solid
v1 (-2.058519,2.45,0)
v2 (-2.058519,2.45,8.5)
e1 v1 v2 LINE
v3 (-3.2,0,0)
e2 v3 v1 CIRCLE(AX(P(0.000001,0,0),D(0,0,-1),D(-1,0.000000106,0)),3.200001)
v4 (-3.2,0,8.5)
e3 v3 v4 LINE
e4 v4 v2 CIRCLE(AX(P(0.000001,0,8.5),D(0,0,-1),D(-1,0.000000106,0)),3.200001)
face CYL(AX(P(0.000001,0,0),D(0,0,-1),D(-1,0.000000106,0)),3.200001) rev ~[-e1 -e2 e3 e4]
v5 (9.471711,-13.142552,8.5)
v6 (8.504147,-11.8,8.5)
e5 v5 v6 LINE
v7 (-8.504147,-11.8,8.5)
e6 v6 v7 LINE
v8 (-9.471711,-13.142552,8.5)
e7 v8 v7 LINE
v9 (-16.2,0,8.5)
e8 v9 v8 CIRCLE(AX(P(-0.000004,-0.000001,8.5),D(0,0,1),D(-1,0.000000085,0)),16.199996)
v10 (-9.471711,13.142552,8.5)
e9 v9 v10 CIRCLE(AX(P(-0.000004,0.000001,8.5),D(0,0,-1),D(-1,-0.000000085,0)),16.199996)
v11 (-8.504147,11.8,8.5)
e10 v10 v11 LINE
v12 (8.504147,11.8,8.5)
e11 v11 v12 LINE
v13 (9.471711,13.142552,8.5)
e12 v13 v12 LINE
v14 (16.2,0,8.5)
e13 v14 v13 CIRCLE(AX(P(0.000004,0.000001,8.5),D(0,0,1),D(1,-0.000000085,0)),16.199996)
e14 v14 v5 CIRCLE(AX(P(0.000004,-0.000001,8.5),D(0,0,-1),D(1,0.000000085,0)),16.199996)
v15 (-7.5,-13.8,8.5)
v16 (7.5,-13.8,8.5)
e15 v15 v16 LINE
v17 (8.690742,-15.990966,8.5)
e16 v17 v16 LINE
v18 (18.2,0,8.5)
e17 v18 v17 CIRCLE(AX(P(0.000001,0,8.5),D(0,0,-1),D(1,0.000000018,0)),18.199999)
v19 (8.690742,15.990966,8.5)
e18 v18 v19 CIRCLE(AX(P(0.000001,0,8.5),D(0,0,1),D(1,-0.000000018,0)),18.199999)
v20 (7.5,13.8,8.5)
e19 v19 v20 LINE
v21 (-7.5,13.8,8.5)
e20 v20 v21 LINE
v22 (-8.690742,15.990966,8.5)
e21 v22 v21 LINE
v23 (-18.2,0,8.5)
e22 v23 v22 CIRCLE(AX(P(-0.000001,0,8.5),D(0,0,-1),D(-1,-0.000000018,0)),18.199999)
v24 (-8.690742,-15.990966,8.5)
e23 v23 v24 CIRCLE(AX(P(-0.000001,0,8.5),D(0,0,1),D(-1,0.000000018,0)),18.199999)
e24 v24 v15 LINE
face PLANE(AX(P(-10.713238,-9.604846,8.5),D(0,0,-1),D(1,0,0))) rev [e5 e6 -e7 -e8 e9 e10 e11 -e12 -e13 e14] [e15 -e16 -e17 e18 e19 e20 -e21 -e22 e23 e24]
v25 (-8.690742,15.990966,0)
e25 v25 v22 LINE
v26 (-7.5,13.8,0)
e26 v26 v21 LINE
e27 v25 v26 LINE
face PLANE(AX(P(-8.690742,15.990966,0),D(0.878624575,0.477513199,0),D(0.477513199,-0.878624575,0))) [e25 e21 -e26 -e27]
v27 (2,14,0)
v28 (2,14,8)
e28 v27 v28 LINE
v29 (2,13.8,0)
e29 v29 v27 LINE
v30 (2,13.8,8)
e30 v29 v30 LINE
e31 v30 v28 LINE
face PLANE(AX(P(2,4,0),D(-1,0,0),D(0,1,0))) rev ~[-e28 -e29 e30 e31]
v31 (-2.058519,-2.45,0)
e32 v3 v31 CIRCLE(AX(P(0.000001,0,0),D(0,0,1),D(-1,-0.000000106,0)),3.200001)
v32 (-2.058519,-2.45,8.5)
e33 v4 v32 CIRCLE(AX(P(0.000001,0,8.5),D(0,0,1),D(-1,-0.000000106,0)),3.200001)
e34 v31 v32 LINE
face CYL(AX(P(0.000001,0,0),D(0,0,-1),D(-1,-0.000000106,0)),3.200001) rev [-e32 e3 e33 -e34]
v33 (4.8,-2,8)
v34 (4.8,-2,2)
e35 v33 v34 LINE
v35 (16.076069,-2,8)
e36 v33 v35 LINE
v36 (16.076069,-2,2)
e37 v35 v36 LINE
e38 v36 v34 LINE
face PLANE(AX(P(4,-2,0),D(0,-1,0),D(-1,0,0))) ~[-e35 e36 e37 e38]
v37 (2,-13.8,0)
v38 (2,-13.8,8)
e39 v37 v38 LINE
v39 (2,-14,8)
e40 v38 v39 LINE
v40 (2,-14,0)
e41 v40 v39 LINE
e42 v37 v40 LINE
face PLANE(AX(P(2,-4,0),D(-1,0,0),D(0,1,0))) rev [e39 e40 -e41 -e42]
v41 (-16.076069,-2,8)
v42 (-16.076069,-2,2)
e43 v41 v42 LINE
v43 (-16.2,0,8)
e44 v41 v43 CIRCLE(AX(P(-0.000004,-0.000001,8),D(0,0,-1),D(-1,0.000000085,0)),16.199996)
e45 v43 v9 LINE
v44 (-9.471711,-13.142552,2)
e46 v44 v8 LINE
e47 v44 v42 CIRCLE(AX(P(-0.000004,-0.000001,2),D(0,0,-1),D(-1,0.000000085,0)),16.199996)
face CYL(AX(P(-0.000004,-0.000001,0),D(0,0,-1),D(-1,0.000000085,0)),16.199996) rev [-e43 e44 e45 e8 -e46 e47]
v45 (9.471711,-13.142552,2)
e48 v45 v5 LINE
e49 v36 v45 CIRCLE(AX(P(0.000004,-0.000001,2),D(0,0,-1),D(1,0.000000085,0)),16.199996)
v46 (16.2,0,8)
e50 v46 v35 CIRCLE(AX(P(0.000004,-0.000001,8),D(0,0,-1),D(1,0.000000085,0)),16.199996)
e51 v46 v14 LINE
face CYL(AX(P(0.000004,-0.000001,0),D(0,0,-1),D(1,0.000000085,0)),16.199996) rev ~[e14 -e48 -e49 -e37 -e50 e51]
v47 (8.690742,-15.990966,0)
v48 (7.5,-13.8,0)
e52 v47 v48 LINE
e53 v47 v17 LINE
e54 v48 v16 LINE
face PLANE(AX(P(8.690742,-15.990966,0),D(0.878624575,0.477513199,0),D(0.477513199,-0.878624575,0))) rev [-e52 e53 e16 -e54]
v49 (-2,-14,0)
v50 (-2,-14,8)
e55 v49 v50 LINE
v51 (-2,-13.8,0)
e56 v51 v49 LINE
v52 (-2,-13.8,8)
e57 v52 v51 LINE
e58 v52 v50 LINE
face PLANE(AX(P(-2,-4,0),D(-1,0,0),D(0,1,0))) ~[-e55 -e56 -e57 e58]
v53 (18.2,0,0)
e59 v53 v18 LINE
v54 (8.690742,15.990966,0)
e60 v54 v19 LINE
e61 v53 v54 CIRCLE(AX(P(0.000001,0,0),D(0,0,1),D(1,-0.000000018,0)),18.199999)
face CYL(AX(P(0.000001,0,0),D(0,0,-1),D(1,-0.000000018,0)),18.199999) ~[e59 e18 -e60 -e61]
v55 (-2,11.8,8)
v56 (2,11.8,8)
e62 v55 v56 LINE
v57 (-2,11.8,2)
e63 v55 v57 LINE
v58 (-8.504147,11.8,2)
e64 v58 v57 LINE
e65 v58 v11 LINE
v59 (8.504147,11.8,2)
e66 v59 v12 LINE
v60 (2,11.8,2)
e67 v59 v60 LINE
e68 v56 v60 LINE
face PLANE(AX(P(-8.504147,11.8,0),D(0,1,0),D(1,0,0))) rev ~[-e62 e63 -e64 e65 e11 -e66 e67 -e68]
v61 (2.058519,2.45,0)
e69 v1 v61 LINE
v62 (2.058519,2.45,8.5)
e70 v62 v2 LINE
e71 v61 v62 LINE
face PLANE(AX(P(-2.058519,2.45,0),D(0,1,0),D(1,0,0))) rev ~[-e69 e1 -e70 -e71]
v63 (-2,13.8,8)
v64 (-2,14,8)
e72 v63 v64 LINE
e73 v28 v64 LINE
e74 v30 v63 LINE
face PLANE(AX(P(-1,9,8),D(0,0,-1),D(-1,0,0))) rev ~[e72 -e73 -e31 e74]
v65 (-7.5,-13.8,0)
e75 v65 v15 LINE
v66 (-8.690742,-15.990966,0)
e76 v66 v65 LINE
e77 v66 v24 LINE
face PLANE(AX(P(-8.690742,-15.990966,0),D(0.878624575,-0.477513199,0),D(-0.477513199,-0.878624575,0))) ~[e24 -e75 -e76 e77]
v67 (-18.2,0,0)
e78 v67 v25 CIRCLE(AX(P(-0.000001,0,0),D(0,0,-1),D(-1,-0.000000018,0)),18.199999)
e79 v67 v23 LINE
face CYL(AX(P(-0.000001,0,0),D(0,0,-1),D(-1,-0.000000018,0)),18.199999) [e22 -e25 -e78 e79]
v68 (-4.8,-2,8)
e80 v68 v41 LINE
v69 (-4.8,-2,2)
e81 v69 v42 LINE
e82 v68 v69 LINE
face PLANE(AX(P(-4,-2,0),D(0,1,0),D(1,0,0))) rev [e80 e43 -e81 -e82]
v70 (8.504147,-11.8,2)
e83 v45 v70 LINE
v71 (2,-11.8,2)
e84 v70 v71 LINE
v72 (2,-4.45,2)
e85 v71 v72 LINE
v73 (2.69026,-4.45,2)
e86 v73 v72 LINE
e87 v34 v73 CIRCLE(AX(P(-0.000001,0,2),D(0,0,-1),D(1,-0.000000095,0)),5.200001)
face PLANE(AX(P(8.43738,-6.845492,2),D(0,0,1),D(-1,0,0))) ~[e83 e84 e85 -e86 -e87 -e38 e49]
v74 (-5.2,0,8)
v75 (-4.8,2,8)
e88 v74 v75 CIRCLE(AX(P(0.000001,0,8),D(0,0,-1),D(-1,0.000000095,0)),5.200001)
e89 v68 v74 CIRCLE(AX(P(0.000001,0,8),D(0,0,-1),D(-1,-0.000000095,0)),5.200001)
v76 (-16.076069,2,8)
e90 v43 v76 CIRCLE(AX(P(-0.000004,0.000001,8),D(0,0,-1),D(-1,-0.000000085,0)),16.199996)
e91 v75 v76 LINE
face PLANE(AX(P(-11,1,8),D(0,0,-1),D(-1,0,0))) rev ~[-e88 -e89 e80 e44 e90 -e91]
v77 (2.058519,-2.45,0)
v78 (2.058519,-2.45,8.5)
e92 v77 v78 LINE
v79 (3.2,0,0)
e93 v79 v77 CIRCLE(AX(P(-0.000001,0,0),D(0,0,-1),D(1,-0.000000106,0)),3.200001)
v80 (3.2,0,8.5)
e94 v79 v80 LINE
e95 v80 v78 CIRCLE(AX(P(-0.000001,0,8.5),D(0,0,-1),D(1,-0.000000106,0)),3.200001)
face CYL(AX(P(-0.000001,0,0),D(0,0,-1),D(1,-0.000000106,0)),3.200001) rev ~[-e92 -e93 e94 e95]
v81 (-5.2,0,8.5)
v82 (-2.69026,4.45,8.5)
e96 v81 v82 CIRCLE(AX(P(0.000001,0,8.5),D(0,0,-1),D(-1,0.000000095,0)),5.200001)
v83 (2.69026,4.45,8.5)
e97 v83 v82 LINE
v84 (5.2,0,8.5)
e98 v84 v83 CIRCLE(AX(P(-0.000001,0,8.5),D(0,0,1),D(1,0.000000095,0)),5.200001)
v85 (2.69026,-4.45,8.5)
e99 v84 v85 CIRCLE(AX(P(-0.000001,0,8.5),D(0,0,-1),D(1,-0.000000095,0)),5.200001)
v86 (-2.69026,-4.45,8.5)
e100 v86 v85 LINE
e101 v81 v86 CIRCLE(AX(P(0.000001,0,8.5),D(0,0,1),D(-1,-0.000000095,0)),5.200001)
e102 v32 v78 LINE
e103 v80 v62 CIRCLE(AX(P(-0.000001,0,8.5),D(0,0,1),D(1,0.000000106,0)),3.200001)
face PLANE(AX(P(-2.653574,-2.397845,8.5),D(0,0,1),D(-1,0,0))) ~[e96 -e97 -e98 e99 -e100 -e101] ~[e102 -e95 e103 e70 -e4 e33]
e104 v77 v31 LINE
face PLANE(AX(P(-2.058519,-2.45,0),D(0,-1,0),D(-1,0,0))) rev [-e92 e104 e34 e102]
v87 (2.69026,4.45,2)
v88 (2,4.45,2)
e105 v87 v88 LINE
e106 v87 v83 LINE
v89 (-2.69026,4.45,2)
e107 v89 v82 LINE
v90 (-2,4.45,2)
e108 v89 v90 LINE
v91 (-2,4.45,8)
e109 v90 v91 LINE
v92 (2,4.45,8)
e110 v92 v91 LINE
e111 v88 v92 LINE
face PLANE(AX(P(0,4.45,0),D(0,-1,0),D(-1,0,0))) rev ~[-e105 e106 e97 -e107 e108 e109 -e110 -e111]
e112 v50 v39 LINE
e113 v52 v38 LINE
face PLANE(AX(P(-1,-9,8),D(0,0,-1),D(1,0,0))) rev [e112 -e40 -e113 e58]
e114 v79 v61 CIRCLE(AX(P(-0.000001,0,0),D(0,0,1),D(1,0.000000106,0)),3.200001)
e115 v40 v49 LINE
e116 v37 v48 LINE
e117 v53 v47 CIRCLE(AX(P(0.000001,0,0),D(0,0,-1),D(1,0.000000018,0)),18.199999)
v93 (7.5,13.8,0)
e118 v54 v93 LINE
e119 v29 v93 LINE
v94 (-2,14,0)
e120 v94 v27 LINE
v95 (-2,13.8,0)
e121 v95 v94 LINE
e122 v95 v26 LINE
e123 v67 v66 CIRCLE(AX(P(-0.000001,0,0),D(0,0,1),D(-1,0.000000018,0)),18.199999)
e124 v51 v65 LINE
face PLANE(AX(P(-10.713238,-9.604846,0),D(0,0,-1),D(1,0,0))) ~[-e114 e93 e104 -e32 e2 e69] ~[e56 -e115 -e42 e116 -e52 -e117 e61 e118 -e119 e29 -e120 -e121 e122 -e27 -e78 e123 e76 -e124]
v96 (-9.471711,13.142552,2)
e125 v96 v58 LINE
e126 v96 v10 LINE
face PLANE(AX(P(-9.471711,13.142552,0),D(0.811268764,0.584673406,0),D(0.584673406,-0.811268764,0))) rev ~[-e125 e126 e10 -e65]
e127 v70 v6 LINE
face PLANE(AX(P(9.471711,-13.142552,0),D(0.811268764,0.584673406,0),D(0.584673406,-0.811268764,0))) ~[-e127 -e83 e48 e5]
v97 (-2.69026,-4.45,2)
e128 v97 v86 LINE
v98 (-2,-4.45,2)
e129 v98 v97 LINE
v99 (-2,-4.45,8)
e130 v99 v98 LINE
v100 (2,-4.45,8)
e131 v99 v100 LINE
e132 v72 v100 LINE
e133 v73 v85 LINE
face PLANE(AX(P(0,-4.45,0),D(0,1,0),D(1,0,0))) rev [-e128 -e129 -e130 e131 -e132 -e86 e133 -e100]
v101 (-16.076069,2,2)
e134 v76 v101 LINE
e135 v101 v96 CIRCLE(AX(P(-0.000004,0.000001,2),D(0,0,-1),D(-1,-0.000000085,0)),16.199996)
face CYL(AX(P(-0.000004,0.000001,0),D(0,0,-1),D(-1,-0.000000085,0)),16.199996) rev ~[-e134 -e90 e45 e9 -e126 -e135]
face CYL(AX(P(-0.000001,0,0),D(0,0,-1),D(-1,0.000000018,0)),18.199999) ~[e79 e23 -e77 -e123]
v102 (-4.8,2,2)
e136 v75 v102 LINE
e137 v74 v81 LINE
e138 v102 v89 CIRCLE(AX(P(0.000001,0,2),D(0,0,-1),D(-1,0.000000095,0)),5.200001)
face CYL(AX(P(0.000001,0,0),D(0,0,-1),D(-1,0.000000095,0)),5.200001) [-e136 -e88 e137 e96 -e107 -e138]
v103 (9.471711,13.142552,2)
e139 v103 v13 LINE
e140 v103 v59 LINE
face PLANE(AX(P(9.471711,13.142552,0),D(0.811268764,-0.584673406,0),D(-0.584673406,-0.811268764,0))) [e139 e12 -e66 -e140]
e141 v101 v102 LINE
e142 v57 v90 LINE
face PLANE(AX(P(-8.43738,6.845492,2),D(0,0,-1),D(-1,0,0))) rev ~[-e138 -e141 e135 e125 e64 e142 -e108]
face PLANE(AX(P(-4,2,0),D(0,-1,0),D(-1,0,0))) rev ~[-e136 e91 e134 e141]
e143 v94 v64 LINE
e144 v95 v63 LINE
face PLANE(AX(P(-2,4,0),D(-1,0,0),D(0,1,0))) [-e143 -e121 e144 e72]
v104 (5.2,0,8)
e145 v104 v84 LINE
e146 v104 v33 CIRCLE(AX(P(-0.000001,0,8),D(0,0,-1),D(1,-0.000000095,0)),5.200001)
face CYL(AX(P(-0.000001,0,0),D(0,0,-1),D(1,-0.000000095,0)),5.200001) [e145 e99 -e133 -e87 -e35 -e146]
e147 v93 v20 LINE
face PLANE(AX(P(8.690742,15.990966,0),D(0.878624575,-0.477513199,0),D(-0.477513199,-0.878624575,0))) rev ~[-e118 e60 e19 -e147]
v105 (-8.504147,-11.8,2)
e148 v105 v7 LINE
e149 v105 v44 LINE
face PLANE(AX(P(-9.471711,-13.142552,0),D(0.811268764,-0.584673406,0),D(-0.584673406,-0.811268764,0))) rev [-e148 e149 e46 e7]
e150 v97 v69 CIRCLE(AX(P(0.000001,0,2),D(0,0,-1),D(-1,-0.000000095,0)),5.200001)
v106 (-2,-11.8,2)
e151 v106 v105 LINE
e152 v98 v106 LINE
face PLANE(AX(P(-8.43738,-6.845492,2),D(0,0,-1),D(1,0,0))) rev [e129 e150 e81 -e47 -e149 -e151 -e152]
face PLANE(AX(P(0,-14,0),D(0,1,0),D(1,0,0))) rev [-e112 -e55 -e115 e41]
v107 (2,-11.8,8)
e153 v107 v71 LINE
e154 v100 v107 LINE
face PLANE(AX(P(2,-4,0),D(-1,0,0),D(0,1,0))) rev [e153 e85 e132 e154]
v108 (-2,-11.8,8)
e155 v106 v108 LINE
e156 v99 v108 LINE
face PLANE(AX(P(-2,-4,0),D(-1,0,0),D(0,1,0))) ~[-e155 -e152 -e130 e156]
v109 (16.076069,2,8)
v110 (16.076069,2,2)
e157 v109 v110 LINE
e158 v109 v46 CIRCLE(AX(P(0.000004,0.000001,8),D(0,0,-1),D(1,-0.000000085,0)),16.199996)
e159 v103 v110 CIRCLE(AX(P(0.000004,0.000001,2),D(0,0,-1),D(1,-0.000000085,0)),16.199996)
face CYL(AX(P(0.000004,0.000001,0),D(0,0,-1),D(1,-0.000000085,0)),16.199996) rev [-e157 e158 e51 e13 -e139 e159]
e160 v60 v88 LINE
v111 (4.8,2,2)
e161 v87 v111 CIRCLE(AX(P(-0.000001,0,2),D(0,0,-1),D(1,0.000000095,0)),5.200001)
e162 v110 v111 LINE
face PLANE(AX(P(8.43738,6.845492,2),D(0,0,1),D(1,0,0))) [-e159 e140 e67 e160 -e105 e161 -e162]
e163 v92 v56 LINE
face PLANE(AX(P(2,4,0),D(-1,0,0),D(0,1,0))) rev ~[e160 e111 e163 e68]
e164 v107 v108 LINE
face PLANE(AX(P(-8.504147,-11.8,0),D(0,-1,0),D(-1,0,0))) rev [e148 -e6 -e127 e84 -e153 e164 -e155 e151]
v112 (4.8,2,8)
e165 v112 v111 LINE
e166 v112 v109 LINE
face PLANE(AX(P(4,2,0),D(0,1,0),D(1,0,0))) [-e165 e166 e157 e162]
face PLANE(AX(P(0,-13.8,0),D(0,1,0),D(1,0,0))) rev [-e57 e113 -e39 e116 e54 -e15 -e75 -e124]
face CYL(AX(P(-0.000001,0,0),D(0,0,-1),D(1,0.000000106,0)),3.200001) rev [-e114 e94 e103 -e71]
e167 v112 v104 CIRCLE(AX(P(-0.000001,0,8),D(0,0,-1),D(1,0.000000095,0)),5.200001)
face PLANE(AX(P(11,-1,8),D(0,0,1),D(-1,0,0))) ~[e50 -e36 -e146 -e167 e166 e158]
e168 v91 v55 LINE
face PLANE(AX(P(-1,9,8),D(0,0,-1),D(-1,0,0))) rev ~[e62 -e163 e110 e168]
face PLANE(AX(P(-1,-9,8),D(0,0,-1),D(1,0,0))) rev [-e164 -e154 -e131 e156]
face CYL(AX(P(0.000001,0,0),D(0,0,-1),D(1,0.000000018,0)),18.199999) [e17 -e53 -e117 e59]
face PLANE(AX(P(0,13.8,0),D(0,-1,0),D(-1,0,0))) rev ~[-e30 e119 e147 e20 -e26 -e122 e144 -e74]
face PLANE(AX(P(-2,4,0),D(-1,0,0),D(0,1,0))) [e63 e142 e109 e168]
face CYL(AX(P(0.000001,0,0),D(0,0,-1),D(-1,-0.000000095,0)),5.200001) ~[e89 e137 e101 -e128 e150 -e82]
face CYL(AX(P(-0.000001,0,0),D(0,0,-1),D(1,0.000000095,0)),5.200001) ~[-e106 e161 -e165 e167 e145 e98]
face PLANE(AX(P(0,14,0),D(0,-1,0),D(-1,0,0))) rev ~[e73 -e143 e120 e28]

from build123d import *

# Parameters (mm, degrees)
PAD_DEPTH                = 8.5
PAD001_DEPTH             = 2
PAD002_DEPTH             = 8.5
SKETCH003_W              = 2
SKETCH003_H              = 10
SKETCH003_W_2            = 14
SKETCH003_H_2            = 2
PAD003_DEPTH             = 8
SKETCH003_MIRRORED_2_W   = 2
SKETCH003_MIRRORED_2_H   = 10
SKETCH003_MIRRORED_2_W_2 = 14
SKETCH003_MIRRORED_2_H_2 = 2
PAD003_MIRRORED_2_DEPTH  = 8
PAD002_MIRRORED_2_DEPTH  = 8.5
PAD001_MIRRORED_2_DEPTH  = 2
PAD_MIRRORED_2_DEPTH     = 8.5


with BuildPart() as part:
    # Sketch → Pad (new body)
    with BuildSketch(Plane.XY):
        with BuildLine():
            ThreePointArc((18.2, 0), (15.643074, 9.302378), (8.690742, 15.990966))
            Line((8.690742, 15.990966), (7.5, 13.8))
            Line((0, 13.8), (7.5, 13.8))
            Line((0, 11.8), (0, 13.8))
            Line((8.504147, 11.8), (0, 11.8))
            Line((9.471711, 13.142552), (8.504147, 11.8))
            ThreePointArc((16.2, 0), (14.420155, 7.382353), (9.471711, 13.142552))
            Line((16.2, 0), (18.2, 0))
        make_face()
    pad = extrude(amount=PAD_DEPTH)

    # Sketch001 → Pad001 (join)
    with BuildSketch(Plane.XY):
        with BuildLine():
            ThreePointArc((18, 0), (15.499386, 9.152543), (8.692328, 15.762088))
            Line((8.692328, 15.762088), (7.5, 13.6))
            Line((0, 13.6), (7.5, 13.6))
            Line((0, 4), (0, 13.6))
            ThreePointArc((4, 0), (2.828427, 2.828427), (0, 4))
            Line((4, 0), (18, 0))
        make_face()
    pad001 = extrude(amount=PAD001_DEPTH)

    # Sketch002 → Pad002 (join)
    with BuildSketch(Plane.XY):
        with BuildLine():
            ThreePointArc((3.2, 0), (2.900626, 1.351432), (2.058519, 2.45))
            Line((2.058519, 2.45), (0, 2.45))
            Line((0, 2.45), (0, 4.45))
            Line((0, 4.45), (2.69026, 4.45))
            ThreePointArc((5.2, 0), (4.529313, 2.554471), (2.69026, 4.45))
            Line((3.2, 0), (5.2, 0))
        make_face()
    pad002 = extrude(amount=PAD002_DEPTH)

    # Sketch003 → Pad003 (join)
    with BuildSketch(Plane.XY):
        with Locations((1, 9)):
            Rectangle(SKETCH003_W, SKETCH003_H)
        with Locations((11, 1)):
            Rectangle(SKETCH003_W_2, SKETCH003_H_2)
    pad003 = extrude(amount=PAD003_DEPTH)

    # Sketch003 Mirrored 2 → Pad003 Mirrored 2 (add)
    with BuildSketch(Plane(origin=(0, 0, 0), x_dir=(-1, 0, 0), z_dir=(0, 0, -1))):
        with Locations((1, 9)):
            Rectangle(SKETCH003_MIRRORED_2_W, SKETCH003_MIRRORED_2_H)
        with Locations((11, 1)):
            Rectangle(SKETCH003_MIRRORED_2_W_2, SKETCH003_MIRRORED_2_H_2)
    pad003_mirrored_2 = extrude(amount=-PAD003_MIRRORED_2_DEPTH)

    # Sketch002 Mirrored 2 → Pad002 Mirrored 2 (add)
    with BuildSketch(Plane(origin=(0, 0, 0), x_dir=(-1, 0, 0), z_dir=(0, 0, -1))):
        with BuildLine():
            ThreePointArc((3.2, 0), (2.900626, 1.351432), (2.058519, 2.45))
            Line((2.058519, 2.45), (0, 2.45))
            Line((0, 2.45), (0, 4.45))
            Line((0, 4.45), (2.69026, 4.45))
            ThreePointArc((5.2, 0), (4.529313, 2.554471), (2.69026, 4.45))
            Line((3.2, 0), (5.2, 0))
        make_face()
    pad002_mirrored_2 = extrude(amount=-PAD002_MIRRORED_2_DEPTH)

    # Sketch001 Mirrored 2 → Pad001 Mirrored 2 (add)
    with BuildSketch(Plane(origin=(0, 0, 0), x_dir=(-1, 0, 0), z_dir=(0, 0, -1))):
        with BuildLine():
            ThreePointArc((18, 0), (15.499386, 9.152543), (8.692328, 15.762088))
            Line((8.692328, 15.762088), (7.5, 13.6))
            Line((0, 13.6), (7.5, 13.6))
            Line((0, 4), (0, 13.6))
            ThreePointArc((4, 0), (2.828427, 2.828427), (0, 4))
            Line((4, 0), (18, 0))
        make_face()
    pad001_mirrored_2 = extrude(amount=-PAD001_MIRRORED_2_DEPTH)

    # Sketch Mirrored 2 → Pad Mirrored 2 (add)
    with BuildSketch(Plane(origin=(0, 0, 0), x_dir=(-1, 0, 0), z_dir=(0, 0, -1))):
        with BuildLine():
            ThreePointArc((18.2, 0), (15.643074, 9.302378), (8.690742, 15.990966))
            Line((8.690742, 15.990966), (7.5, 13.8))
            Line((0, 13.8), (7.5, 13.8))
            Line((0, 11.8), (0, 13.8))
            Line((8.504147, 11.8), (0, 11.8))
            Line((9.471711, 13.142552), (8.504147, 11.8))
            ThreePointArc((16.2, 0), (14.420155, 7.382353), (9.471711, 13.142552))
            Line((16.2, 0), (18.2, 0))
        make_face()
    pad_mirrored_2 = extrude(amount=-PAD_MIRRORED_2_DEPTH)

    # Mirrored001: Pad003, Pad002, Pad001, Pad, Pad003 Mirrored 2, Pad002 Mirrored 2, Pad001 Mirrored 2, Pad Mirrored 2 across Sketch003 H_Axis
    add(pad003.mirror(Plane.ZX))
    add(pad002.mirror(Plane.ZX))
    add(pad001.mirror(Plane.ZX))
    add(pad.mirror(Plane.ZX))
    add(pad003_mirrored_2.mirror(Plane.ZX))
    add(pad002_mirrored_2.mirror(Plane.ZX))
    add(pad001_mirrored_2.mirror(Plane.ZX))
    add(pad_mirrored_2.mirror(Plane.ZX))


solid = part.part
